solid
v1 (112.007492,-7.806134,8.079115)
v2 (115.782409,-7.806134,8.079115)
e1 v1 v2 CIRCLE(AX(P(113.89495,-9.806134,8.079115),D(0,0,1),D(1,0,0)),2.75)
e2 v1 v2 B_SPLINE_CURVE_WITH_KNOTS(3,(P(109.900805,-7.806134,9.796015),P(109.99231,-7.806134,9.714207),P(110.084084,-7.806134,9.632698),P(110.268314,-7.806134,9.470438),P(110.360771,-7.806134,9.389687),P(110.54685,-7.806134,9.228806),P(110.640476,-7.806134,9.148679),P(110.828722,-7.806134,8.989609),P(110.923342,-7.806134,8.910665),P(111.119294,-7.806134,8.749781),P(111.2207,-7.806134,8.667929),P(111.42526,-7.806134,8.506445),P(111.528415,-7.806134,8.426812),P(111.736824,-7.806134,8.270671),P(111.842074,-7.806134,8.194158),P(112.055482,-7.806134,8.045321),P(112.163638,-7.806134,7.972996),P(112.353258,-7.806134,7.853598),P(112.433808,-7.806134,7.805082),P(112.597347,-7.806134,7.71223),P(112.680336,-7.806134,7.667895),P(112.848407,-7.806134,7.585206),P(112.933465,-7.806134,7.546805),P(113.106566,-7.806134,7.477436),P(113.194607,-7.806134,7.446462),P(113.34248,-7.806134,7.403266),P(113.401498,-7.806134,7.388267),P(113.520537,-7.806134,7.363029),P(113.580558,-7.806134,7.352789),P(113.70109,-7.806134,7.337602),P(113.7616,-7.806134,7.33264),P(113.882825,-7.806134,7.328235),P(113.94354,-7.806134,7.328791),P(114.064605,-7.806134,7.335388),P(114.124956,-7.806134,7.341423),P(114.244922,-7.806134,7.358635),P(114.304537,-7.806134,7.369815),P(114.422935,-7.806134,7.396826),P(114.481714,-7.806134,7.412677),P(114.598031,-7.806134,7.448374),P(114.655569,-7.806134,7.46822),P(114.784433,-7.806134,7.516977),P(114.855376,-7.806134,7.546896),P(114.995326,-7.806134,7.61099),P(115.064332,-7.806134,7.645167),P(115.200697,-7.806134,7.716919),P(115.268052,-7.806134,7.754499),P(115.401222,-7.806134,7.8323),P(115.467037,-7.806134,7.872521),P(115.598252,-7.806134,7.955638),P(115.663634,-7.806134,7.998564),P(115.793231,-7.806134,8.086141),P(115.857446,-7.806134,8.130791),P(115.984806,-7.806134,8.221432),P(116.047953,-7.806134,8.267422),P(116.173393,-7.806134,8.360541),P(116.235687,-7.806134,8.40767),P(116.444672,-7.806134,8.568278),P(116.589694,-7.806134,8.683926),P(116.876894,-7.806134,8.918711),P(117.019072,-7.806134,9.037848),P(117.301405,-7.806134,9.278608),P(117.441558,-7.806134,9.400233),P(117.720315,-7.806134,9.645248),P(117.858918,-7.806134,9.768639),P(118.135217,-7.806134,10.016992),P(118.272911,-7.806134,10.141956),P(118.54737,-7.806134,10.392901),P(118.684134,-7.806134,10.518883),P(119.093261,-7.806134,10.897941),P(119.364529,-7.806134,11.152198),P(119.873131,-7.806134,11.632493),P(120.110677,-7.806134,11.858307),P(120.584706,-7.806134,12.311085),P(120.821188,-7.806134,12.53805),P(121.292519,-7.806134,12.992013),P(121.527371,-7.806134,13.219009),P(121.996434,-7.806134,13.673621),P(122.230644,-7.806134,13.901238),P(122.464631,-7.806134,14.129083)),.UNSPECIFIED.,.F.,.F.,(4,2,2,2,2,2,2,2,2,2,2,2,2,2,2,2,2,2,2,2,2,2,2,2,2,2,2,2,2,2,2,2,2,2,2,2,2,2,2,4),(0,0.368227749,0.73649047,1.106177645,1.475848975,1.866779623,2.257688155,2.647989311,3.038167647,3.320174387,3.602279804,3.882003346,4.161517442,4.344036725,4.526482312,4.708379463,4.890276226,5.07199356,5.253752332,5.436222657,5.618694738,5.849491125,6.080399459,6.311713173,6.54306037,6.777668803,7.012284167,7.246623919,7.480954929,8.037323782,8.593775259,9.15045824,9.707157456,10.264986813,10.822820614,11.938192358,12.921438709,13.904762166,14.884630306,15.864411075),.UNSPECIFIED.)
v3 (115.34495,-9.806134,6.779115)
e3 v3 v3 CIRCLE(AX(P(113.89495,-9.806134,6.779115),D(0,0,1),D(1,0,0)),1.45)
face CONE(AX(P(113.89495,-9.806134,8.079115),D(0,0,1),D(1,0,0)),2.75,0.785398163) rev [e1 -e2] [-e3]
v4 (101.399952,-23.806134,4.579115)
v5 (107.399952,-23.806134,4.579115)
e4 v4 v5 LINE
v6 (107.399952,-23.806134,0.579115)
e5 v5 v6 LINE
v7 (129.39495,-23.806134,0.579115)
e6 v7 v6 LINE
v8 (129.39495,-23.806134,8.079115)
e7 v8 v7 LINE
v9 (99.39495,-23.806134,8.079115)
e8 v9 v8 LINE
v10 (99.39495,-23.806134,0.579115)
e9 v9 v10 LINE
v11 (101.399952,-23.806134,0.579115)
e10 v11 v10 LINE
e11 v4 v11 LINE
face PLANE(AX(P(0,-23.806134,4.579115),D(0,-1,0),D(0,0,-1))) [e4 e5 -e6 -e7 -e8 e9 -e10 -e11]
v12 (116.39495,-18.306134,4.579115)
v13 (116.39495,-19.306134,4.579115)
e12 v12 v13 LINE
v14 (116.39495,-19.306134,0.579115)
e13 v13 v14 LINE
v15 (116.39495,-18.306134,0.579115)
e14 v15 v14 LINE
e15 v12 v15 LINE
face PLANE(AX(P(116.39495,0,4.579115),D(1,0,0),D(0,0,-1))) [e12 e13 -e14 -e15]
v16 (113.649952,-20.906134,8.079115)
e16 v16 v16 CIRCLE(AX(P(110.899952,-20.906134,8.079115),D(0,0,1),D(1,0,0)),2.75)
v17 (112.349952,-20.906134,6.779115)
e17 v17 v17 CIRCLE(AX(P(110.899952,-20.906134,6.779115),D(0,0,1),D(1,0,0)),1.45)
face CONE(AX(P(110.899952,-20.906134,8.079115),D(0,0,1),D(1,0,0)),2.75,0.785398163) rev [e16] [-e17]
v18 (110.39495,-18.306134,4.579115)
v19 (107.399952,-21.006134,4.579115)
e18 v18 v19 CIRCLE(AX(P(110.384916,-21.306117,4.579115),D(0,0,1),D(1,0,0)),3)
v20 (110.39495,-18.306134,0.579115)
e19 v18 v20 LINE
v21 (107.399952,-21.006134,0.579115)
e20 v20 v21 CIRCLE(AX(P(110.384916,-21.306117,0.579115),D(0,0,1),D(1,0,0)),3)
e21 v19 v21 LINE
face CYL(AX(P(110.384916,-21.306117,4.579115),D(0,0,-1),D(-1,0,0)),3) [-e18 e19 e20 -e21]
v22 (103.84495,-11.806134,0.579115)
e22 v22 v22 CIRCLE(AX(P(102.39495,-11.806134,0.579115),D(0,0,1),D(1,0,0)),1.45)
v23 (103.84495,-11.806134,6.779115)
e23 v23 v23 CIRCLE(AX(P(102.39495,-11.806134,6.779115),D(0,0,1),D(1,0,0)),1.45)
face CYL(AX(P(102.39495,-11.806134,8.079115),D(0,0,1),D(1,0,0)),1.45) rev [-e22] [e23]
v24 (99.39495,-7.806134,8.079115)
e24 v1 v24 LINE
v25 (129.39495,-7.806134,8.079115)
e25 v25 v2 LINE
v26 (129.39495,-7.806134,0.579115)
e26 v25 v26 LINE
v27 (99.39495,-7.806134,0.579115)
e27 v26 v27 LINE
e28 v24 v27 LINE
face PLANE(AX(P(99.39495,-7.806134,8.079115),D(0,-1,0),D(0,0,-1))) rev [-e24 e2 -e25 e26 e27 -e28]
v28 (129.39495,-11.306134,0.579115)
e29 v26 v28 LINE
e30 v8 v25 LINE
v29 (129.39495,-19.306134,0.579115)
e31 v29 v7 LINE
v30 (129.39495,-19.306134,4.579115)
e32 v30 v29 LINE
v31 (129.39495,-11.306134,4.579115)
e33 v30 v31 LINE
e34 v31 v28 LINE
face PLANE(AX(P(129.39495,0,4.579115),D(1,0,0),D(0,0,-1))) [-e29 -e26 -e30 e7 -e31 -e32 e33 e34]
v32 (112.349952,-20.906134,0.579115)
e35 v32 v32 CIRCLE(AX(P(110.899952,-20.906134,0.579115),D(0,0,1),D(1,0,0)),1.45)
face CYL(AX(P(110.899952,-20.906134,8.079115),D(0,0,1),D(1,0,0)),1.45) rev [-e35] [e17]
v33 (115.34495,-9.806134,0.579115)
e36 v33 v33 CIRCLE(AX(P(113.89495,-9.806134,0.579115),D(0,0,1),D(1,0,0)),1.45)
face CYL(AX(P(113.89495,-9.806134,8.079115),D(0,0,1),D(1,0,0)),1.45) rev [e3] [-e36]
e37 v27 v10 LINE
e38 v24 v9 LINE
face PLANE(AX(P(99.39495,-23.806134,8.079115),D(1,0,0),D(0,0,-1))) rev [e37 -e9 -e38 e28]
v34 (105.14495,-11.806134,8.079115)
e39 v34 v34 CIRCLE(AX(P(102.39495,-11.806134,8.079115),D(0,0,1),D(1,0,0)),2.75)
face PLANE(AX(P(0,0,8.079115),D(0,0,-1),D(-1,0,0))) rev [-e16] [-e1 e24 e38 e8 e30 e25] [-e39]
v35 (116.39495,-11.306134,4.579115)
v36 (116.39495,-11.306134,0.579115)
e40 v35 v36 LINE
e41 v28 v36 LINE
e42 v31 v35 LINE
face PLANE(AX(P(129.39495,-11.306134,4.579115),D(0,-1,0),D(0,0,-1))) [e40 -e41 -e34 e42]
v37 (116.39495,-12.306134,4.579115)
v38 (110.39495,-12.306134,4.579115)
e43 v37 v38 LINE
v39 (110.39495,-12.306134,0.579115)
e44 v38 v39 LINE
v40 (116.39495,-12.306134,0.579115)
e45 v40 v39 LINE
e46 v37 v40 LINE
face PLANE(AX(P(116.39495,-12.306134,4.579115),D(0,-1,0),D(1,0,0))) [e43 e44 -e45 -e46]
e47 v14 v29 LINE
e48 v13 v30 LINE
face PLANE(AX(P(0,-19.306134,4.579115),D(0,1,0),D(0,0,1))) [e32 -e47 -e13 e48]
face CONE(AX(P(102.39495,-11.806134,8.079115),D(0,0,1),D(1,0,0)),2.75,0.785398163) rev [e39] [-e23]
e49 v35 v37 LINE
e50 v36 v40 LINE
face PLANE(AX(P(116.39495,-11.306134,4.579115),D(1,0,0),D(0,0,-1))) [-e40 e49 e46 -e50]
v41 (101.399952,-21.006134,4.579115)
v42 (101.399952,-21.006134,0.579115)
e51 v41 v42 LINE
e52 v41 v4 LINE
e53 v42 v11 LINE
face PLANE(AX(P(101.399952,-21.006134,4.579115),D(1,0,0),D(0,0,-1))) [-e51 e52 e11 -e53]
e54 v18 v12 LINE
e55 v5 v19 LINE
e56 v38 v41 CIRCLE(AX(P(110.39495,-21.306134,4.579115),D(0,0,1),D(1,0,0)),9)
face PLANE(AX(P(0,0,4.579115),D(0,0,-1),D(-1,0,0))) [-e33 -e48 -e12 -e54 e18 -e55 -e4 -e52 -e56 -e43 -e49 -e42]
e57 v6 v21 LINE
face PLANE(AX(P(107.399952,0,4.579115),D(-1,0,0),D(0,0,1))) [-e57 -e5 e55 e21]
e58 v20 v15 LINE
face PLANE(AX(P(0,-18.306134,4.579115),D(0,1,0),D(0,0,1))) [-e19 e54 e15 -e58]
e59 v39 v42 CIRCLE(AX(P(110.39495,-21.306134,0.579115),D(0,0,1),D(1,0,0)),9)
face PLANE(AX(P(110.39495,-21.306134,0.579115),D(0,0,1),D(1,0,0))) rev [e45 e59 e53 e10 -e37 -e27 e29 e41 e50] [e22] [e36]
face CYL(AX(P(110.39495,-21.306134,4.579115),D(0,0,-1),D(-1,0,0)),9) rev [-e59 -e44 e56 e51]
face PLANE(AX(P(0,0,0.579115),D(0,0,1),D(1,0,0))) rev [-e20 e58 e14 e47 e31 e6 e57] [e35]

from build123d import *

# Parameters (mm, degrees)
BOSS_EXTRUDE1_DEPTH                                  = 4
BOSS_EXTRUDE1_2_DEPTH                                = 4
SKETCH2_W                                            = 30
SKETCH2_H                                            = 16
BOSS_EXTRUDE2_DEPTH                                  = 3.5
CSK_FOR_M2_5_COUNTERSUNK_FLAT_HEAD_SCREW_D           = 2.9
CSK_FOR_M2_5_COUNTERSUNK_FLAT_HEAD_SCREW_CSINK_D     = 5.5
CSK_FOR_M2_5_COUNTERSUNK_FLAT_HEAD_SCREW_CSINK_ANGLE = 90


with BuildPart() as part:
    # Sketch1 → Boss-Extrude1 (new body)
    with BuildSketch(Plane.XY.offset(0.579115056)):
        with BuildLine():
            Line((110.394950361, -18.30613426), (116.394950361, -18.30613426))
            Line((116.394950361, -18.30613426), (116.394950361, -19.30613426))
            Line((116.394950361, -19.30613426), (129.394950361, -19.30613426))
            Line((129.394950361, -19.30613426), (129.394950361, -23.80613426))
            Line((129.394950361, -23.80613426), (107.399951751, -23.80613426))
            Line((107.399951751, -23.80613426), (107.399951751, -21.00613426))
            ThreePointArc((107.399951751, -21.00613426), (108.376172059, -19.077900974), (110.394950361, -18.30613426))
        make_face()
    extrude(amount=BOSS_EXTRUDE1_DEPTH)



with BuildPart() as body_2:
    # Sketch1 → Boss-Extrude1 2 (new body)
    with BuildSketch(Plane.XY.offset(0.579115056)):
        with BuildLine():
            Line((101.399951751, -21.00613426), (101.399951751, -23.80613426))
            Line((101.399951751, -23.80613426), (99.394950361, -23.80613426))
            Line((99.394950361, -23.80613426), (99.394950361, -7.80613426))
            Line((99.394950361, -7.80613426), (129.394950361, -7.80613426))
            Line((129.394950361, -7.80613426), (129.394950361, -11.30613426))
            Line((129.394950361, -11.30613426), (116.394950361, -11.30613426))
            Line((116.394950361, -11.30613426), (116.394950361, -12.30613426))
            Line((116.394950361, -12.30613426), (110.394950361, -12.30613426))
            ThreePointArc((110.394950361, -12.30613426), (104.137954277, -14.836976664), (101.399951751, -21.00613426))
        make_face()
    extrude(amount=BOSS_EXTRUDE1_2_DEPTH)


with BuildPart() as part_1:
    add(part.part)

    add(body_2.part)  # Boss-Extrude2 merges body 2
    # Sketch2 → Boss-Extrude2 (add)
    with BuildSketch(Plane.XY.offset(4.579115056)):
        with Locations((114.394950361, -15.80613426)):
            Rectangle(SKETCH2_W, SKETCH2_H)
    extrude(amount=BOSS_EXTRUDE2_DEPTH)

    # CSK for M2.5 Countersunk Flat Head Screw1 (through all)
    with Locations(Plane.XY.offset(8.079115056)):
        with Locations((102.394950361, -11.80613426), (113.894950361, -9.80613426), (110.899951751, -20.90613426)):
            CounterSinkHole(CSK_FOR_M2_5_COUNTERSUNK_FLAT_HEAD_SCREW_D / 2, CSK_FOR_M2_5_COUNTERSUNK_FLAT_HEAD_SCREW_CSINK_D / 2, counter_sink_angle=CSK_FOR_M2_5_COUNTERSUNK_FLAT_HEAD_SCREW_CSINK_ANGLE)


solid = part_1.part
